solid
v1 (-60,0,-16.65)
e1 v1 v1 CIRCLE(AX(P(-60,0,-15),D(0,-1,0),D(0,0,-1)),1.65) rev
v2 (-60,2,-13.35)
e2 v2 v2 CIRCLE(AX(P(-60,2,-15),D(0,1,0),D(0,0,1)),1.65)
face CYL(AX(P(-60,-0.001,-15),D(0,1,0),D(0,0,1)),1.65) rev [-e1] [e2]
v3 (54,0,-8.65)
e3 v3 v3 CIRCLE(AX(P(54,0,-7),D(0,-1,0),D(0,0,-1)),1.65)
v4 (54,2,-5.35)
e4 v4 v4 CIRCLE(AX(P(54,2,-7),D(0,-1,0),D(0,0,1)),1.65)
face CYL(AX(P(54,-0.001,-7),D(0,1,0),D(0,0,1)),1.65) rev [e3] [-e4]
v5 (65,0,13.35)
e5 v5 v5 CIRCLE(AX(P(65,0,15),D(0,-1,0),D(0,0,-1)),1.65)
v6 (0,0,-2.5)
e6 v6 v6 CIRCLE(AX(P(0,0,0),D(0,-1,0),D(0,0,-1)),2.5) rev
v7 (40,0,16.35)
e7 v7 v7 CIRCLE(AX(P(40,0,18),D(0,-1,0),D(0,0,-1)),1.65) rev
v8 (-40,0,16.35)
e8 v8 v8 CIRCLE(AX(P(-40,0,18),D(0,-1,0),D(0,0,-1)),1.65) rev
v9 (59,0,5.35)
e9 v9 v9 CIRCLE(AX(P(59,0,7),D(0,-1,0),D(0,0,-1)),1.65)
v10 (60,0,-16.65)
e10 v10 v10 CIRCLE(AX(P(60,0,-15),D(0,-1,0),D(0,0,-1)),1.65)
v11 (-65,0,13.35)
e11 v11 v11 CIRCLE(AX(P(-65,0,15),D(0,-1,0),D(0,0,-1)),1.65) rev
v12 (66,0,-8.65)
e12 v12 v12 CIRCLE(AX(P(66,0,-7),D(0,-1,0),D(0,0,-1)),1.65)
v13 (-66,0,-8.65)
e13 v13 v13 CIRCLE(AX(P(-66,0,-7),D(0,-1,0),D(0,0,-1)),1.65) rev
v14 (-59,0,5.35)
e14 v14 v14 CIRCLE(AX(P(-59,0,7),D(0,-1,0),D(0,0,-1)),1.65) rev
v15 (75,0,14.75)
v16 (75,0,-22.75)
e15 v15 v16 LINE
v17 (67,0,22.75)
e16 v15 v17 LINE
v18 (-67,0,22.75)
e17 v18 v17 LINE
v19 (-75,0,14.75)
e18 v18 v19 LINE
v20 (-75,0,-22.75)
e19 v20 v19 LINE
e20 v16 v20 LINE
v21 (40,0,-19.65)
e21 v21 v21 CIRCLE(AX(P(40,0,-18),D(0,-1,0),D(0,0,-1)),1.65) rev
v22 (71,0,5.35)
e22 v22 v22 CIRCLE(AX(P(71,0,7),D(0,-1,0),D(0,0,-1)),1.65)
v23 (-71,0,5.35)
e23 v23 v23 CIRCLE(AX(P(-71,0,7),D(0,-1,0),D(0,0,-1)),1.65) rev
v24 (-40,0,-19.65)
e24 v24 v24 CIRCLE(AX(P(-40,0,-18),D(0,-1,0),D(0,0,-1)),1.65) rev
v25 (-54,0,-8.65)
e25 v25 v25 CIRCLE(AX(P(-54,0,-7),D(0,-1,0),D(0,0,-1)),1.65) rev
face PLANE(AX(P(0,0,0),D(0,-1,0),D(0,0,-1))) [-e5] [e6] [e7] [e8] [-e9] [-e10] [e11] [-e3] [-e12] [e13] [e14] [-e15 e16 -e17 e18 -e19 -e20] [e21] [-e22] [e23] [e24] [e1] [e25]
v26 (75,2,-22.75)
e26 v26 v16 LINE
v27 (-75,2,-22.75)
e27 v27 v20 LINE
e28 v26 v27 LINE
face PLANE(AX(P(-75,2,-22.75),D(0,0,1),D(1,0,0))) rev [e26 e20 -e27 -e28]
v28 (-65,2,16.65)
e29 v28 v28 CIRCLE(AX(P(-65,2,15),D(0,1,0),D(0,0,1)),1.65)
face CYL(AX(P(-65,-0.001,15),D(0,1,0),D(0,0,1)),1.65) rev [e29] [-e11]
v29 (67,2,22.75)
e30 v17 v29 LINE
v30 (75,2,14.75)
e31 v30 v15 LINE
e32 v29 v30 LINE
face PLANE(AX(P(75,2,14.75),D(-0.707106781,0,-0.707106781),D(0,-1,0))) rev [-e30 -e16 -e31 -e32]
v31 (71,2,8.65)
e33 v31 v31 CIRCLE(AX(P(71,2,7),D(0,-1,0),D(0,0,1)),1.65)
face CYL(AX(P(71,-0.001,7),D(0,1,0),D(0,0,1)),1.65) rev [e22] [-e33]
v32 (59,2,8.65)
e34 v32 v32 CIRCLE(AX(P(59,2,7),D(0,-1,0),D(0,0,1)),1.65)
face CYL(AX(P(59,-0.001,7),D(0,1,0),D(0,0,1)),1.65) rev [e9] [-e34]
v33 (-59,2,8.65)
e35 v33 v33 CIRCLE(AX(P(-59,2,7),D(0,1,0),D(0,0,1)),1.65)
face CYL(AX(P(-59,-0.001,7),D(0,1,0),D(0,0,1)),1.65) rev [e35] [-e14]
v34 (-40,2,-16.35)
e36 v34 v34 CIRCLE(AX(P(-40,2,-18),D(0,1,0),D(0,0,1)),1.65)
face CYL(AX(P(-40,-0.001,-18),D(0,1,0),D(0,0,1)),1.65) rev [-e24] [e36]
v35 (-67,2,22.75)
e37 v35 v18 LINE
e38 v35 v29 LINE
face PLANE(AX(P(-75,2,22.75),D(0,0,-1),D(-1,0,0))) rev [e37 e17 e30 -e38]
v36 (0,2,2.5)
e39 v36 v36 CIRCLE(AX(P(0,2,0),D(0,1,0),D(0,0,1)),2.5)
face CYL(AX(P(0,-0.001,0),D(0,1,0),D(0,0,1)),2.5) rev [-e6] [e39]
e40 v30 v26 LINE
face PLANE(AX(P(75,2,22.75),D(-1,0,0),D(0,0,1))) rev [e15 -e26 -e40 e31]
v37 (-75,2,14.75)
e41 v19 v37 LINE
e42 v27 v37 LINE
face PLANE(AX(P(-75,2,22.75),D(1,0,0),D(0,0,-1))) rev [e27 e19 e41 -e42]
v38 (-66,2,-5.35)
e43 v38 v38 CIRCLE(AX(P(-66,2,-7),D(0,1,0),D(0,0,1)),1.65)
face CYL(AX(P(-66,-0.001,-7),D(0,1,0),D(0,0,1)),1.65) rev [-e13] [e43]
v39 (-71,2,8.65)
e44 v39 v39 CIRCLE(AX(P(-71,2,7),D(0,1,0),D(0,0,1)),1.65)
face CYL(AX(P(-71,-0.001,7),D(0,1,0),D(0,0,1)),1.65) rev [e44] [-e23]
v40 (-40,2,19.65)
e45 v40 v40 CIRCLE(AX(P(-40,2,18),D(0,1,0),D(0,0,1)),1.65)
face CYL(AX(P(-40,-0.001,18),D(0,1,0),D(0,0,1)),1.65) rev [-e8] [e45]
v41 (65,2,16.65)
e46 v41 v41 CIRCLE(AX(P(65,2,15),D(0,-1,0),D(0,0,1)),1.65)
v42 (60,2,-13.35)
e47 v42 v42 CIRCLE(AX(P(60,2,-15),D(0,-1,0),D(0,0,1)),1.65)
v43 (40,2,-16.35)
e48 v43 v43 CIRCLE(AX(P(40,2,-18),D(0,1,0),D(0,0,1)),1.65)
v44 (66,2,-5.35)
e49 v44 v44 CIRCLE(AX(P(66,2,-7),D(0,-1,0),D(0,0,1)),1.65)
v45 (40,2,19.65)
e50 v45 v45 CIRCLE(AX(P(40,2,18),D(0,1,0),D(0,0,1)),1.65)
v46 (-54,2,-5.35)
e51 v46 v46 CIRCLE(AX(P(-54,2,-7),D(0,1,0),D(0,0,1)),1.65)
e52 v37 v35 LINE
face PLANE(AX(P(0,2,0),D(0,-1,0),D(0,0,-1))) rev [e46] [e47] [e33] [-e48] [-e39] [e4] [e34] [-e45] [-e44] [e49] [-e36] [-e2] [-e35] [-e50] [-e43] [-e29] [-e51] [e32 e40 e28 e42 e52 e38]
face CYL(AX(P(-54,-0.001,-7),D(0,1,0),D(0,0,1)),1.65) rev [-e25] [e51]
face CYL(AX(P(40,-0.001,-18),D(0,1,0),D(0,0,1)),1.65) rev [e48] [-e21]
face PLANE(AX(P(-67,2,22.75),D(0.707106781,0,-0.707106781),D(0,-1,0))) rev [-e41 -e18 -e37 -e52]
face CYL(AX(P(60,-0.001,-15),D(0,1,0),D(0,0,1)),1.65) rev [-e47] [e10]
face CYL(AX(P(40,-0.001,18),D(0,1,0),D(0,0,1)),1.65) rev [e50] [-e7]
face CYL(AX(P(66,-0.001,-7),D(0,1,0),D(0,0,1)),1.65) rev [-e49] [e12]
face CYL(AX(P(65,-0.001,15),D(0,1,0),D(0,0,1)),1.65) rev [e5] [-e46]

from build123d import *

# Parameters (mm, degrees)
SKETCH_1_W             = 150
SKETCH_1_H             = 45.5
EXTRUDE_1_DEPTH        = 2
CUT_EXTRUDE_1_REACH    = 80.4
SKETCH_2_R             = 1.65
CHAMFER_1_SIZE         = 8
CUT_EXTRUDE_1137_REACH = 80.4
SKETCH_3_R             = 2.5
CUT_EXTRUDE_2_REACH    = 80.4
SKETCH_4_R             = 1.65


with BuildPart() as part:
    # 草图1 → 凸台-拉伸1 (new body)
    with BuildSketch(Plane(origin=(0, 0, 0), x_dir=(1, 0, 0), z_dir=(0, 1, 0))):
        Rectangle(SKETCH_1_W, SKETCH_1_H)
    extrude(amount=EXTRUDE_1_DEPTH)

    # 草图2 → 切除-拉伸1 (cut, up to next)
    with BuildSketch(Plane(origin=(0, 2, 0), x_dir=(1, 0, 0), z_dir=(0, 1, 0)), mode=Mode.PRIVATE) as cut_extrude_1_sk1:
        with Locations(Location((-60, 15, 0), (0, 0, 270))):
            Circle(SKETCH_2_R)
    cut_extrude_1_tool1 = extrude(cut_extrude_1_sk1.sketch, amount=-CUT_EXTRUDE_1_REACH, mode=Mode.PRIVATE) & part.part
    # 草图2 → 切除-拉伸1 (cut, up to next)
    with BuildSketch(Plane(origin=(0, 2, 0), x_dir=(1, 0, 0), z_dir=(0, 1, 0)), mode=Mode.PRIVATE) as cut_extrude_1_sk2:
        with Locations(Location((-66, 7, 0), (0, 0, 270))):
            Circle(SKETCH_2_R)
    cut_extrude_1_tool2 = extrude(cut_extrude_1_sk2.sketch, amount=-CUT_EXTRUDE_1_REACH, mode=Mode.PRIVATE) & part.part
    # 草图2 → 切除-拉伸1 (cut, up to next)
    with BuildSketch(Plane(origin=(0, 2, 0), x_dir=(1, 0, 0), z_dir=(0, 1, 0)), mode=Mode.PRIVATE) as cut_extrude_1_sk3:
        with Locations(Location((-54, 7, 0), (0, 0, 270))):
            Circle(SKETCH_2_R)
    cut_extrude_1_tool3 = extrude(cut_extrude_1_sk3.sketch, amount=-CUT_EXTRUDE_1_REACH, mode=Mode.PRIVATE) & part.part
    # 草图2 → 切除-拉伸1 (cut, up to next)
    with BuildSketch(Plane(origin=(0, 2, 0), x_dir=(1, 0, 0), z_dir=(0, 1, 0)), mode=Mode.PRIVATE) as cut_extrude_1_sk4:
        with Locations(Location((-71, -7, 0), (0, 0, 270))):
            Circle(SKETCH_2_R)
    cut_extrude_1_tool4 = extrude(cut_extrude_1_sk4.sketch, amount=-CUT_EXTRUDE_1_REACH, mode=Mode.PRIVATE) & part.part
    # 草图2 → 切除-拉伸1 (cut, up to next)
    with BuildSketch(Plane(origin=(0, 2, 0), x_dir=(1, 0, 0), z_dir=(0, 1, 0)), mode=Mode.PRIVATE) as cut_extrude_1_sk5:
        with Locations(Location((-59, -7, 0), (0, 0, 270))):
            Circle(SKETCH_2_R)
    cut_extrude_1_tool5 = extrude(cut_extrude_1_sk5.sketch, amount=-CUT_EXTRUDE_1_REACH, mode=Mode.PRIVATE) & part.part
    # 草图2 → 切除-拉伸1 (cut, up to next)
    with BuildSketch(Plane(origin=(0, 2, 0), x_dir=(1, 0, 0), z_dir=(0, 1, 0)), mode=Mode.PRIVATE) as cut_extrude_1_sk6:
        with Locations(Location((-65, -15, 0), (0, 0, 270))):
            Circle(SKETCH_2_R)
    cut_extrude_1_tool6 = extrude(cut_extrude_1_sk6.sketch, amount=-CUT_EXTRUDE_1_REACH, mode=Mode.PRIVATE) & part.part
    cut_extrude_1_1 = cut_extrude_1_tool1.solids().sort_by_distance((-60, 2, -15))[0]
    add(cut_extrude_1_1, mode=Mode.SUBTRACT)
    cut_extrude_1_2 = cut_extrude_1_tool2.solids().sort_by_distance((-66, 2, -7))[0]
    add(cut_extrude_1_2, mode=Mode.SUBTRACT)
    cut_extrude_1_3 = cut_extrude_1_tool3.solids().sort_by_distance((-54, 2, -7))[0]
    add(cut_extrude_1_3, mode=Mode.SUBTRACT)
    cut_extrude_1_4 = cut_extrude_1_tool4.solids().sort_by_distance((-71, 2, 7))[0]
    add(cut_extrude_1_4, mode=Mode.SUBTRACT)
    cut_extrude_1_5 = cut_extrude_1_tool5.solids().sort_by_distance((-59, 2, 7))[0]
    add(cut_extrude_1_5, mode=Mode.SUBTRACT)
    cut_extrude_1_6 = cut_extrude_1_tool6.solids().sort_by_distance((-65, 2, 15))[0]
    add(cut_extrude_1_6, mode=Mode.SUBTRACT)
    cut_extrude_1 = cut_extrude_1_1 + cut_extrude_1_2 + cut_extrude_1_3 + cut_extrude_1_4 + cut_extrude_1_5 + cut_extrude_1_6  # 切除-拉伸1 as one shape, for the pattern or mirror that repeats it

    # 镜向1: 切除-拉伸1 across plane
    add(cut_extrude_1.mirror(Plane(origin=(0, 0, 0), x_dir=(0, 0, 1), z_dir=(1, 0, 0))), mode=Mode.SUBTRACT)

    # 倒角1
    chamfer_1_edges = [part.edges().sort_by_distance(p)[0] for p in [
        (75, 1, 22.75),
        (-75, 1, 22.75),
    ]]
    chamfer(chamfer_1_edges, length=CHAMFER_1_SIZE)

    # 草图3 → Cut-Extrude 1137 (cut, up to next)
    with BuildSketch(Plane(origin=(0, 2, 0), x_dir=(1, 0, 0), z_dir=(0, 1, 0)), mode=Mode.PRIVATE) as cut_extrude_1137_sk1:
        with Locations(Location((0, 0, 0), (0, 0, 270))):
            Circle(SKETCH_3_R)
    cut_extrude_1137_tool1 = extrude(cut_extrude_1137_sk1.sketch, amount=-CUT_EXTRUDE_1137_REACH, mode=Mode.PRIVATE) & part.part
    add(cut_extrude_1137_tool1.solids().sort_by_distance((0, 2, 0))[0], mode=Mode.SUBTRACT)

    # 草图4 → 切除-拉伸2 (cut, up to next)
    with BuildSketch(Plane(origin=(0, 2, 0), x_dir=(1, 0, 0), z_dir=(0, 1, 0)), mode=Mode.PRIVATE) as cut_extrude_2_sk1:
        with Locations(Location((-40, 18, 0), (0, 0, 270))):
            Circle(SKETCH_4_R)
    cut_extrude_2_tool1 = extrude(cut_extrude_2_sk1.sketch, amount=-CUT_EXTRUDE_2_REACH, mode=Mode.PRIVATE) & part.part
    # 草图4 → 切除-拉伸2 (cut, up to next)
    with BuildSketch(Plane(origin=(0, 2, 0), x_dir=(1, 0, 0), z_dir=(0, 1, 0)), mode=Mode.PRIVATE) as cut_extrude_2_sk2:
        with Locations(Location((-40, -18, 0), (0, 0, 270))):
            Circle(SKETCH_4_R)
    cut_extrude_2_tool2 = extrude(cut_extrude_2_sk2.sketch, amount=-CUT_EXTRUDE_2_REACH, mode=Mode.PRIVATE) & part.part
    # 草图4 → 切除-拉伸2 (cut, up to next)
    with BuildSketch(Plane(origin=(0, 2, 0), x_dir=(1, 0, 0), z_dir=(0, 1, 0)), mode=Mode.PRIVATE) as cut_extrude_2_sk3:
        with Locations(Location((40, 18, 0), (0, 0, 270))):
            Circle(SKETCH_4_R)
    cut_extrude_2_tool3 = extrude(cut_extrude_2_sk3.sketch, amount=-CUT_EXTRUDE_2_REACH, mode=Mode.PRIVATE) & part.part
    # 草图4 → 切除-拉伸2 (cut, up to next)
    with BuildSketch(Plane(origin=(0, 2, 0), x_dir=(1, 0, 0), z_dir=(0, 1, 0)), mode=Mode.PRIVATE) as cut_extrude_2_sk4:
        with Locations(Location((40, -18, 0), (0, 0, 270))):
            Circle(SKETCH_4_R)
    cut_extrude_2_tool4 = extrude(cut_extrude_2_sk4.sketch, amount=-CUT_EXTRUDE_2_REACH, mode=Mode.PRIVATE) & part.part
    add(cut_extrude_2_tool1.solids().sort_by_distance((-40, 2, -18))[0], mode=Mode.SUBTRACT)
    add(cut_extrude_2_tool2.solids().sort_by_distance((-40, 2, 18))[0], mode=Mode.SUBTRACT)
    add(cut_extrude_2_tool3.solids().sort_by_distance((40, 2, -18))[0], mode=Mode.SUBTRACT)
    add(cut_extrude_2_tool4.solids().sort_by_distance((40, 2, 18))[0], mode=Mode.SUBTRACT)


solid = part.part
